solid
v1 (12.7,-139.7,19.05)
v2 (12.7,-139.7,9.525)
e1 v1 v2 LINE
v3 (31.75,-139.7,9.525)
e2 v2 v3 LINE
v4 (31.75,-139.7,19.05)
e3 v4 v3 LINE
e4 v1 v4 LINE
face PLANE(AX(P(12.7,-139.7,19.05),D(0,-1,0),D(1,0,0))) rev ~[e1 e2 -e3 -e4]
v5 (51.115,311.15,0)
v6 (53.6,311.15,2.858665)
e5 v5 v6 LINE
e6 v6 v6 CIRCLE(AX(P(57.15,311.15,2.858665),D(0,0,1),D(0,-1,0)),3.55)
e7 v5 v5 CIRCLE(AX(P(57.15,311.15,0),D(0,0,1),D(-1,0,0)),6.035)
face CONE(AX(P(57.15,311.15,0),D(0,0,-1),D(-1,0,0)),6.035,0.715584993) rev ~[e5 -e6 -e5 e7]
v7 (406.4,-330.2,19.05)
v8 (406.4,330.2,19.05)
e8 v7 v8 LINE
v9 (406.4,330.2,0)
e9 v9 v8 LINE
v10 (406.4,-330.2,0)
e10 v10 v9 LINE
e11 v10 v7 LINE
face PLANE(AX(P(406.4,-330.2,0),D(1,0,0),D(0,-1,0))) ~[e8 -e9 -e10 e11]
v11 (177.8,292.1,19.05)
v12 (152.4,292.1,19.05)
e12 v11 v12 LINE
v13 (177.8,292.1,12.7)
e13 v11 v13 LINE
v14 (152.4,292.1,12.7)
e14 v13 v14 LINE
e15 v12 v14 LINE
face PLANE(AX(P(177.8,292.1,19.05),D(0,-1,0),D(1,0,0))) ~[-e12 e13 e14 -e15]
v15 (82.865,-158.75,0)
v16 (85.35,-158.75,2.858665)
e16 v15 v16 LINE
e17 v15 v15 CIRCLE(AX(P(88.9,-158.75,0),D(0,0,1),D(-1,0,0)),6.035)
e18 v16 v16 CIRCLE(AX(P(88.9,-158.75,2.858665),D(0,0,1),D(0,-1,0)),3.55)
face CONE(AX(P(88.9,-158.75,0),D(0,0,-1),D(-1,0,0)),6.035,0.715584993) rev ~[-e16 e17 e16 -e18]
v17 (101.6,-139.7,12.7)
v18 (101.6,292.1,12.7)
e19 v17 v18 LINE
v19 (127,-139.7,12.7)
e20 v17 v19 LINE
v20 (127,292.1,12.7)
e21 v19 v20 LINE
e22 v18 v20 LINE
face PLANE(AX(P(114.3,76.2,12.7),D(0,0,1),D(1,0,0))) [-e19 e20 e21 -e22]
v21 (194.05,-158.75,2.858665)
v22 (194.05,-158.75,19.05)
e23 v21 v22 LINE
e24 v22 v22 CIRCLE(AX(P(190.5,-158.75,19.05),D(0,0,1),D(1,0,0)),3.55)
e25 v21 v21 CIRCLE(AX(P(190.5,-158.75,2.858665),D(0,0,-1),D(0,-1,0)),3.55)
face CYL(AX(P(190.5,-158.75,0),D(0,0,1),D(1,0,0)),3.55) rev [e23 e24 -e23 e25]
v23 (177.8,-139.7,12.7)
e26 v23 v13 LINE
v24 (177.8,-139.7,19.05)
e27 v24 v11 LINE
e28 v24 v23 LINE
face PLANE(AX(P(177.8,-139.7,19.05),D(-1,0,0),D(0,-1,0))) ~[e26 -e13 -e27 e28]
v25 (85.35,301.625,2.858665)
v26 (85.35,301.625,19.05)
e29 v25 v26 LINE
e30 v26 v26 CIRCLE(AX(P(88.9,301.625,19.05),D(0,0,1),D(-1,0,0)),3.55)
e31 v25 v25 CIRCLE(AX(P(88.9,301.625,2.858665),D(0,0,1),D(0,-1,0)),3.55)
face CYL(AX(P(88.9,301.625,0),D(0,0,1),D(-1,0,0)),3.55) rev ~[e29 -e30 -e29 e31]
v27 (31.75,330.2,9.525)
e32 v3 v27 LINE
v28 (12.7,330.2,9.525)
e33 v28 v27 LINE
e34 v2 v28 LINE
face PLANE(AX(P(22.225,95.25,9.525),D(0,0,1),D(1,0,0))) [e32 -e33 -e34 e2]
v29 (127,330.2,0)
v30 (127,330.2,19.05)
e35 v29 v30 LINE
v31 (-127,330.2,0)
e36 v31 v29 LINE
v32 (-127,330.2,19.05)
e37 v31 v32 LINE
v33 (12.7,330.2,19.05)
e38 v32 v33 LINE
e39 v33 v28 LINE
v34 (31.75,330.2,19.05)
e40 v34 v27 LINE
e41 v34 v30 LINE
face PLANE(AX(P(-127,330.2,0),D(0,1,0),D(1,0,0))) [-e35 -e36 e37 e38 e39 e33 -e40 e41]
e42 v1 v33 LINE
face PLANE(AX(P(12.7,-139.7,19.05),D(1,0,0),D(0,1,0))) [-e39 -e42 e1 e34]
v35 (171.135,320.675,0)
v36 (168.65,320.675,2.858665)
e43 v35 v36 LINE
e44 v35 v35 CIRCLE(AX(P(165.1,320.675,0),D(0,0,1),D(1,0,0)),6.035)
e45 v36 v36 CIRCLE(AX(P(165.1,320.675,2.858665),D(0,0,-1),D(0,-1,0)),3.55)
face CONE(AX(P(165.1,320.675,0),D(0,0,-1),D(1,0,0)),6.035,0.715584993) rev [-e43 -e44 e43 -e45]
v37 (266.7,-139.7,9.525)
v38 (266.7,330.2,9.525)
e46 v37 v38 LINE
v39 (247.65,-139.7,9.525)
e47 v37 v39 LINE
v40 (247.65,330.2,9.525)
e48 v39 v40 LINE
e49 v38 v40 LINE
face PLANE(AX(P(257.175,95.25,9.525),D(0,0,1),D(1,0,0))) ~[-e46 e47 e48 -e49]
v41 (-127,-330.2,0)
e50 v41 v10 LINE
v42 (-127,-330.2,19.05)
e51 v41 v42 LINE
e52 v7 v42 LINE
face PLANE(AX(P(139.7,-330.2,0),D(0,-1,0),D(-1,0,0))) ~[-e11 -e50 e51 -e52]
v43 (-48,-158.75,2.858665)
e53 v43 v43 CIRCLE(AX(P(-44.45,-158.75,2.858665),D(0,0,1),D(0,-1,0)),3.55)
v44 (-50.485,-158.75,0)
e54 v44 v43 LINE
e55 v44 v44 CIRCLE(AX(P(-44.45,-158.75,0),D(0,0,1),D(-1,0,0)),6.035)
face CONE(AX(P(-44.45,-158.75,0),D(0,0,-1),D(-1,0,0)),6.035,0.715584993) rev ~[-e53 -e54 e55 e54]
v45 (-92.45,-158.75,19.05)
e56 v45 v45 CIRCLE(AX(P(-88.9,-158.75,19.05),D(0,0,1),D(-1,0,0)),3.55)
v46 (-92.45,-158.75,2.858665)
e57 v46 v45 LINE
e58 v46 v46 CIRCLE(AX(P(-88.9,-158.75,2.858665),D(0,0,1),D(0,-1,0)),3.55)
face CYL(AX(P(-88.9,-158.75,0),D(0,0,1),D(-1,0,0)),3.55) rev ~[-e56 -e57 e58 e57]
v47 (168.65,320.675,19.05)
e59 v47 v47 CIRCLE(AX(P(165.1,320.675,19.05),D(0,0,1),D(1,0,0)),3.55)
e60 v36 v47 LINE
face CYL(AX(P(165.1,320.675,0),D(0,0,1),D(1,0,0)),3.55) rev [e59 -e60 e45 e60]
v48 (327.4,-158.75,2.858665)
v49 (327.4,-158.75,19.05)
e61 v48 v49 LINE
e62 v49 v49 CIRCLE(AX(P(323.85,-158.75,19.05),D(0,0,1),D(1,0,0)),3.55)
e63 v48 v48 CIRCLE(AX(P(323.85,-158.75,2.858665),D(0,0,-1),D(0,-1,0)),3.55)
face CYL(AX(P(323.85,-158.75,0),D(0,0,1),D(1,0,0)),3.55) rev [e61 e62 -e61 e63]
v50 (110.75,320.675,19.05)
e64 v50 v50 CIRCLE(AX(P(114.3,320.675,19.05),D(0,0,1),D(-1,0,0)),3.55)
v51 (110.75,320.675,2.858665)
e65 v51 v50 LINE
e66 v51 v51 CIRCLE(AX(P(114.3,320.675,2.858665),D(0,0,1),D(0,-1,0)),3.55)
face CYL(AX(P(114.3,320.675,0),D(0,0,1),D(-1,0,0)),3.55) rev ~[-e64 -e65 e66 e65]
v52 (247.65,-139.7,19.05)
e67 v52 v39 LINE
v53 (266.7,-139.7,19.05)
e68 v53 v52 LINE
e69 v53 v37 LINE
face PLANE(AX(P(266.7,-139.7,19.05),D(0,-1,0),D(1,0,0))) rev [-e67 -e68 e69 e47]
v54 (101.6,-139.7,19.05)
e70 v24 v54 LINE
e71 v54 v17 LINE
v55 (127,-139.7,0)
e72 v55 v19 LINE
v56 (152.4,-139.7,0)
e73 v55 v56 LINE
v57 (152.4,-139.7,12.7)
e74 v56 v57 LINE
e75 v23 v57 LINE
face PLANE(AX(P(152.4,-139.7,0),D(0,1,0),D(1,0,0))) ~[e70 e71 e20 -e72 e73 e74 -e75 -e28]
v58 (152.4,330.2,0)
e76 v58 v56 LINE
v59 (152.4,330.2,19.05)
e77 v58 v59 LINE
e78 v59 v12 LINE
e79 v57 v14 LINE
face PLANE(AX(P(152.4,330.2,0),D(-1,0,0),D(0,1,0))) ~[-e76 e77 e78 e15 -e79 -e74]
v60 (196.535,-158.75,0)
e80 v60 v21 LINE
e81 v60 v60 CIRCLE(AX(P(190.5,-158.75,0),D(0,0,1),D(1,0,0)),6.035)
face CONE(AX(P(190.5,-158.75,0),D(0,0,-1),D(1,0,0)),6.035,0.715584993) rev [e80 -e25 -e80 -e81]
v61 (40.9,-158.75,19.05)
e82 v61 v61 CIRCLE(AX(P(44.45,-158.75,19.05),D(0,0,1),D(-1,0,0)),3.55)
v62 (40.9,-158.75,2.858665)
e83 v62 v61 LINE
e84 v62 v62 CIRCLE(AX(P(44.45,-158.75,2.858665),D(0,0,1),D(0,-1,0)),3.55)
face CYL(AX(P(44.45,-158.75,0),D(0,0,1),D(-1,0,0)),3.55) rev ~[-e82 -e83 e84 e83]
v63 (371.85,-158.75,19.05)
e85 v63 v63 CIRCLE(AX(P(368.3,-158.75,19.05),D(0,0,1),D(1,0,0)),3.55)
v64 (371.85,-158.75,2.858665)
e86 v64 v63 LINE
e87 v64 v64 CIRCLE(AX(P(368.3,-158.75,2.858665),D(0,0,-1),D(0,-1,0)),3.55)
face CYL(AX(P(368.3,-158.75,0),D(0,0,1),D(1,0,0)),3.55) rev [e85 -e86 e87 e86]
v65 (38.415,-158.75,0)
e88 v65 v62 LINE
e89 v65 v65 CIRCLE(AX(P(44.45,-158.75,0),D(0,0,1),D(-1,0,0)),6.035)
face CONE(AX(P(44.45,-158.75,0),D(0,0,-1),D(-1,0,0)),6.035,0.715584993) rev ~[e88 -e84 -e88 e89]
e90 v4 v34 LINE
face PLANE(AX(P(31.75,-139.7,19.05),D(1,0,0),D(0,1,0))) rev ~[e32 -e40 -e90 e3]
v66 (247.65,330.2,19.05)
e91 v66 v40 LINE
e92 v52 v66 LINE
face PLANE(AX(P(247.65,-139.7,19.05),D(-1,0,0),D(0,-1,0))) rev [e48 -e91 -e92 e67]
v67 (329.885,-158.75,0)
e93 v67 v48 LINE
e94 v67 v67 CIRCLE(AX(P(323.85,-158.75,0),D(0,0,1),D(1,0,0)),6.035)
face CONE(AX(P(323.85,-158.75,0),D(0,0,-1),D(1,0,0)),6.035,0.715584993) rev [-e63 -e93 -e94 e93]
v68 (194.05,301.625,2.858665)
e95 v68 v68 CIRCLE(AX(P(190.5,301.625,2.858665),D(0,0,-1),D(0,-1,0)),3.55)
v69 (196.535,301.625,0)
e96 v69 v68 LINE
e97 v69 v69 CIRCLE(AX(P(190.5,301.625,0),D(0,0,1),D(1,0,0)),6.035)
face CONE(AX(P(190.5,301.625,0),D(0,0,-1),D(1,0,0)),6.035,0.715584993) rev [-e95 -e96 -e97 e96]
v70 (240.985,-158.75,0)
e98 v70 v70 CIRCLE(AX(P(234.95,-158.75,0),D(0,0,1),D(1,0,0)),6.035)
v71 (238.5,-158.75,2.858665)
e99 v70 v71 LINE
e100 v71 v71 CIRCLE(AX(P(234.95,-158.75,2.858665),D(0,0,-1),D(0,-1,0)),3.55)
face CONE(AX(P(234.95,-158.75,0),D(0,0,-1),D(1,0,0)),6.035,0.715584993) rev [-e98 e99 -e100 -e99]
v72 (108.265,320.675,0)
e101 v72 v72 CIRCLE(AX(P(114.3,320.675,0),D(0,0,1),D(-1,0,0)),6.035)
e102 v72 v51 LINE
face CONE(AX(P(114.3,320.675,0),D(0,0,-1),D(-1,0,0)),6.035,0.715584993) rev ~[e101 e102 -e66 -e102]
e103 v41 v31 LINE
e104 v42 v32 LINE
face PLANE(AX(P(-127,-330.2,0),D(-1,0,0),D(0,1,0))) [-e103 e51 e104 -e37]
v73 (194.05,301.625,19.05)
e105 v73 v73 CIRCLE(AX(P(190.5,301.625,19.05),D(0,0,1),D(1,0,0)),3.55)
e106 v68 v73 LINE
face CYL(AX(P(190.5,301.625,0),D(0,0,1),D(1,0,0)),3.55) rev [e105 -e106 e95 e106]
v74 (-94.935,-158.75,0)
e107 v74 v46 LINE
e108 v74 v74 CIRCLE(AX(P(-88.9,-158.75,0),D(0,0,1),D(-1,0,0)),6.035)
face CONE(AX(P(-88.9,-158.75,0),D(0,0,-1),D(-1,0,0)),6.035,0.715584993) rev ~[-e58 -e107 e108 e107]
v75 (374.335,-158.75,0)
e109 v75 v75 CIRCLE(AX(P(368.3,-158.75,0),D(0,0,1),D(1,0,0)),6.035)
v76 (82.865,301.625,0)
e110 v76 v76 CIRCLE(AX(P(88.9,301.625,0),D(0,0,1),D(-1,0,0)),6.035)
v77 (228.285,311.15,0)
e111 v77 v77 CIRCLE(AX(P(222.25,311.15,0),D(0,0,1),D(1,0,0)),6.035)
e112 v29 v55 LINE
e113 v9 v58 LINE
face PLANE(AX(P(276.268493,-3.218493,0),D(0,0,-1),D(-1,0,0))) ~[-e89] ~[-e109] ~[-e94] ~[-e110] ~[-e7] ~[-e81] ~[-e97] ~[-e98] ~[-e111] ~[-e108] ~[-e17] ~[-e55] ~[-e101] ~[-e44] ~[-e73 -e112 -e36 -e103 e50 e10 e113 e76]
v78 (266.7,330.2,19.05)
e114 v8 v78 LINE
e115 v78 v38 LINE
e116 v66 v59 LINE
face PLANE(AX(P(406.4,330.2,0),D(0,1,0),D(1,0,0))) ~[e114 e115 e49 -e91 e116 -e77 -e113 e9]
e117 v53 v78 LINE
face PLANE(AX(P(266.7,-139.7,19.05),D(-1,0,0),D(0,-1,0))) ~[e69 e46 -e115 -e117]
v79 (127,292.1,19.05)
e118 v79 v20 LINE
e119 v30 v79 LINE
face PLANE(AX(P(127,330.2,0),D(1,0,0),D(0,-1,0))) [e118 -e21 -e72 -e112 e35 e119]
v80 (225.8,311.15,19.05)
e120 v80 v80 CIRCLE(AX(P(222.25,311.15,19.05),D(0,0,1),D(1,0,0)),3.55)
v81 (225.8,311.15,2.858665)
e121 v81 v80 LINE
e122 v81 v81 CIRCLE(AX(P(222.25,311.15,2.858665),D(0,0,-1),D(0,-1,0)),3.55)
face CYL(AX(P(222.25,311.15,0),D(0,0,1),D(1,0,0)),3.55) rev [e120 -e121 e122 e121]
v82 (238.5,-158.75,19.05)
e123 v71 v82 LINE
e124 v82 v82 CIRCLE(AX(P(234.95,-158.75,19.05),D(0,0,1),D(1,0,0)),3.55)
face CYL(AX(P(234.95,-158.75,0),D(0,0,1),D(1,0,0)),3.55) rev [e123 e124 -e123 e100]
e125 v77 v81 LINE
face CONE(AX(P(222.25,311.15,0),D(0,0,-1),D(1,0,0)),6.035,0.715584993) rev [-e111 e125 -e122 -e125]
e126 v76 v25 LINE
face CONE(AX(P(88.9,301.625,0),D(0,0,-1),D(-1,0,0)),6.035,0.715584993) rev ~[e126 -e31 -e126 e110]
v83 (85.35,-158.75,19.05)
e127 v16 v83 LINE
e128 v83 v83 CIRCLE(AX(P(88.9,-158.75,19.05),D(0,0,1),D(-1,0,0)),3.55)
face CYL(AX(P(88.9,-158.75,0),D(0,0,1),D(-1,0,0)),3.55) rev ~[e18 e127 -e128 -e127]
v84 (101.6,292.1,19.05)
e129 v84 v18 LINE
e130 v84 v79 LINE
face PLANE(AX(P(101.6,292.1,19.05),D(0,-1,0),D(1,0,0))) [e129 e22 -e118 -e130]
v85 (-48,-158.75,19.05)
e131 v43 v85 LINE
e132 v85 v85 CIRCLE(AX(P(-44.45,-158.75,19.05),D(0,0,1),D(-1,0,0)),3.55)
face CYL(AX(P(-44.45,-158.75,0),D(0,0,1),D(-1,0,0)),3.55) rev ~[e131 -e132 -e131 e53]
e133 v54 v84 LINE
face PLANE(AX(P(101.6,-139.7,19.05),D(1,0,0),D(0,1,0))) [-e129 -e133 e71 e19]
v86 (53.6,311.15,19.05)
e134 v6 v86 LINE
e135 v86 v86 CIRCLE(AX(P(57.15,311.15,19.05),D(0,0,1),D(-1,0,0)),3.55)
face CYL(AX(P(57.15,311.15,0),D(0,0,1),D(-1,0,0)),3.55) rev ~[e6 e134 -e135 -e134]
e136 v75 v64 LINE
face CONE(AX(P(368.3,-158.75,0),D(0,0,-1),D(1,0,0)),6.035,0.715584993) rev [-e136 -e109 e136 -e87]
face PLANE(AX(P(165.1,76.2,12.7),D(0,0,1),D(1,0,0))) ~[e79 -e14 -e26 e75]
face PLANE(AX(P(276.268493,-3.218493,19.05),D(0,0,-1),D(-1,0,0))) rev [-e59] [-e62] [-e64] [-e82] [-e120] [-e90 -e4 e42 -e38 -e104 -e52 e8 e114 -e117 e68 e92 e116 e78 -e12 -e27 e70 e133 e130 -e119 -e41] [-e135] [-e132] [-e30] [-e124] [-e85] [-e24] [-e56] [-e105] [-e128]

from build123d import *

# Parameters (mm, degrees)
PAD_DEPTH        = 19.05
SKETCH002_W      = 19.05
SKETCH002_H      = 469.9
POCKET001_DEPTH  = 9.525
HOLE_D           = 7.1
HOLE_CSINK_D     = 12.07
HOLE_CSINK_ANGLE = 82
SKETCH005_W      = 25.4
SKETCH005_H      = 431.8
POCKET_DEPTH     = 6.35


with BuildPart() as part:
    # Sketch → Pad (new body)
    with BuildSketch(Plane.XY):
        Polygon((-127, -330.2), (-127, 330.2), (127, 330.2), (127, -139.7), (139.7, -139.7), (139.7, -330.2), align=None)
    pad = extrude(amount=PAD_DEPTH)

    # Sketch002 → Pocket001 (cut)
    with BuildSketch(Plane.XY.offset(19.05)):
        with Locations((22.225, 95.25)):
            Rectangle(SKETCH002_W, SKETCH002_H)
    pocket001 = extrude(amount=-POCKET001_DEPTH, mode=Mode.SUBTRACT)

    # Hole (through all)
    with Locations(Plane(origin=(0, 0, 0), x_dir=(1, 0, 0), z_dir=(0, 0, -1))):
        with Locations((-88.9, 158.75), (88.9, 158.75), (-44.45, 158.75), (44.45, 158.75), (57.15, -311.15), (88.9, -301.625), (114.3, -320.675)):
            hole = CounterSinkHole(HOLE_D / 2, HOLE_CSINK_D / 2, counter_sink_angle=HOLE_CSINK_ANGLE)

    # Sketch005 (on Face5 of Hole) → Pocket (cut)
    with BuildSketch(Plane.XY.offset(19.05)):
        with Locations((114.3, 76.2)):
            Rectangle(SKETCH005_W, SKETCH005_H)
    pocket = extrude(amount=-POCKET_DEPTH, mode=Mode.SUBTRACT)

    # Mirrored: Pad, Pocket001, Hole, Pocket across face of Pocket
    add(pad.mirror(Plane(origin=(139.7, -234.95, 9.525), x_dir=(0, 1, 0), z_dir=(1, 0, 0))))
    add(pocket001.mirror(Plane(origin=(139.7, -234.95, 9.525), x_dir=(0, 1, 0), z_dir=(1, 0, 0))), mode=Mode.SUBTRACT)
    add(hole.mirror(Plane(origin=(139.7, -234.95, 9.525), x_dir=(0, 1, 0), z_dir=(1, 0, 0))), mode=Mode.SUBTRACT)
    add(pocket.mirror(Plane(origin=(139.7, -234.95, 9.525), x_dir=(0, 1, 0), z_dir=(1, 0, 0))), mode=Mode.SUBTRACT)


solid = part.part
